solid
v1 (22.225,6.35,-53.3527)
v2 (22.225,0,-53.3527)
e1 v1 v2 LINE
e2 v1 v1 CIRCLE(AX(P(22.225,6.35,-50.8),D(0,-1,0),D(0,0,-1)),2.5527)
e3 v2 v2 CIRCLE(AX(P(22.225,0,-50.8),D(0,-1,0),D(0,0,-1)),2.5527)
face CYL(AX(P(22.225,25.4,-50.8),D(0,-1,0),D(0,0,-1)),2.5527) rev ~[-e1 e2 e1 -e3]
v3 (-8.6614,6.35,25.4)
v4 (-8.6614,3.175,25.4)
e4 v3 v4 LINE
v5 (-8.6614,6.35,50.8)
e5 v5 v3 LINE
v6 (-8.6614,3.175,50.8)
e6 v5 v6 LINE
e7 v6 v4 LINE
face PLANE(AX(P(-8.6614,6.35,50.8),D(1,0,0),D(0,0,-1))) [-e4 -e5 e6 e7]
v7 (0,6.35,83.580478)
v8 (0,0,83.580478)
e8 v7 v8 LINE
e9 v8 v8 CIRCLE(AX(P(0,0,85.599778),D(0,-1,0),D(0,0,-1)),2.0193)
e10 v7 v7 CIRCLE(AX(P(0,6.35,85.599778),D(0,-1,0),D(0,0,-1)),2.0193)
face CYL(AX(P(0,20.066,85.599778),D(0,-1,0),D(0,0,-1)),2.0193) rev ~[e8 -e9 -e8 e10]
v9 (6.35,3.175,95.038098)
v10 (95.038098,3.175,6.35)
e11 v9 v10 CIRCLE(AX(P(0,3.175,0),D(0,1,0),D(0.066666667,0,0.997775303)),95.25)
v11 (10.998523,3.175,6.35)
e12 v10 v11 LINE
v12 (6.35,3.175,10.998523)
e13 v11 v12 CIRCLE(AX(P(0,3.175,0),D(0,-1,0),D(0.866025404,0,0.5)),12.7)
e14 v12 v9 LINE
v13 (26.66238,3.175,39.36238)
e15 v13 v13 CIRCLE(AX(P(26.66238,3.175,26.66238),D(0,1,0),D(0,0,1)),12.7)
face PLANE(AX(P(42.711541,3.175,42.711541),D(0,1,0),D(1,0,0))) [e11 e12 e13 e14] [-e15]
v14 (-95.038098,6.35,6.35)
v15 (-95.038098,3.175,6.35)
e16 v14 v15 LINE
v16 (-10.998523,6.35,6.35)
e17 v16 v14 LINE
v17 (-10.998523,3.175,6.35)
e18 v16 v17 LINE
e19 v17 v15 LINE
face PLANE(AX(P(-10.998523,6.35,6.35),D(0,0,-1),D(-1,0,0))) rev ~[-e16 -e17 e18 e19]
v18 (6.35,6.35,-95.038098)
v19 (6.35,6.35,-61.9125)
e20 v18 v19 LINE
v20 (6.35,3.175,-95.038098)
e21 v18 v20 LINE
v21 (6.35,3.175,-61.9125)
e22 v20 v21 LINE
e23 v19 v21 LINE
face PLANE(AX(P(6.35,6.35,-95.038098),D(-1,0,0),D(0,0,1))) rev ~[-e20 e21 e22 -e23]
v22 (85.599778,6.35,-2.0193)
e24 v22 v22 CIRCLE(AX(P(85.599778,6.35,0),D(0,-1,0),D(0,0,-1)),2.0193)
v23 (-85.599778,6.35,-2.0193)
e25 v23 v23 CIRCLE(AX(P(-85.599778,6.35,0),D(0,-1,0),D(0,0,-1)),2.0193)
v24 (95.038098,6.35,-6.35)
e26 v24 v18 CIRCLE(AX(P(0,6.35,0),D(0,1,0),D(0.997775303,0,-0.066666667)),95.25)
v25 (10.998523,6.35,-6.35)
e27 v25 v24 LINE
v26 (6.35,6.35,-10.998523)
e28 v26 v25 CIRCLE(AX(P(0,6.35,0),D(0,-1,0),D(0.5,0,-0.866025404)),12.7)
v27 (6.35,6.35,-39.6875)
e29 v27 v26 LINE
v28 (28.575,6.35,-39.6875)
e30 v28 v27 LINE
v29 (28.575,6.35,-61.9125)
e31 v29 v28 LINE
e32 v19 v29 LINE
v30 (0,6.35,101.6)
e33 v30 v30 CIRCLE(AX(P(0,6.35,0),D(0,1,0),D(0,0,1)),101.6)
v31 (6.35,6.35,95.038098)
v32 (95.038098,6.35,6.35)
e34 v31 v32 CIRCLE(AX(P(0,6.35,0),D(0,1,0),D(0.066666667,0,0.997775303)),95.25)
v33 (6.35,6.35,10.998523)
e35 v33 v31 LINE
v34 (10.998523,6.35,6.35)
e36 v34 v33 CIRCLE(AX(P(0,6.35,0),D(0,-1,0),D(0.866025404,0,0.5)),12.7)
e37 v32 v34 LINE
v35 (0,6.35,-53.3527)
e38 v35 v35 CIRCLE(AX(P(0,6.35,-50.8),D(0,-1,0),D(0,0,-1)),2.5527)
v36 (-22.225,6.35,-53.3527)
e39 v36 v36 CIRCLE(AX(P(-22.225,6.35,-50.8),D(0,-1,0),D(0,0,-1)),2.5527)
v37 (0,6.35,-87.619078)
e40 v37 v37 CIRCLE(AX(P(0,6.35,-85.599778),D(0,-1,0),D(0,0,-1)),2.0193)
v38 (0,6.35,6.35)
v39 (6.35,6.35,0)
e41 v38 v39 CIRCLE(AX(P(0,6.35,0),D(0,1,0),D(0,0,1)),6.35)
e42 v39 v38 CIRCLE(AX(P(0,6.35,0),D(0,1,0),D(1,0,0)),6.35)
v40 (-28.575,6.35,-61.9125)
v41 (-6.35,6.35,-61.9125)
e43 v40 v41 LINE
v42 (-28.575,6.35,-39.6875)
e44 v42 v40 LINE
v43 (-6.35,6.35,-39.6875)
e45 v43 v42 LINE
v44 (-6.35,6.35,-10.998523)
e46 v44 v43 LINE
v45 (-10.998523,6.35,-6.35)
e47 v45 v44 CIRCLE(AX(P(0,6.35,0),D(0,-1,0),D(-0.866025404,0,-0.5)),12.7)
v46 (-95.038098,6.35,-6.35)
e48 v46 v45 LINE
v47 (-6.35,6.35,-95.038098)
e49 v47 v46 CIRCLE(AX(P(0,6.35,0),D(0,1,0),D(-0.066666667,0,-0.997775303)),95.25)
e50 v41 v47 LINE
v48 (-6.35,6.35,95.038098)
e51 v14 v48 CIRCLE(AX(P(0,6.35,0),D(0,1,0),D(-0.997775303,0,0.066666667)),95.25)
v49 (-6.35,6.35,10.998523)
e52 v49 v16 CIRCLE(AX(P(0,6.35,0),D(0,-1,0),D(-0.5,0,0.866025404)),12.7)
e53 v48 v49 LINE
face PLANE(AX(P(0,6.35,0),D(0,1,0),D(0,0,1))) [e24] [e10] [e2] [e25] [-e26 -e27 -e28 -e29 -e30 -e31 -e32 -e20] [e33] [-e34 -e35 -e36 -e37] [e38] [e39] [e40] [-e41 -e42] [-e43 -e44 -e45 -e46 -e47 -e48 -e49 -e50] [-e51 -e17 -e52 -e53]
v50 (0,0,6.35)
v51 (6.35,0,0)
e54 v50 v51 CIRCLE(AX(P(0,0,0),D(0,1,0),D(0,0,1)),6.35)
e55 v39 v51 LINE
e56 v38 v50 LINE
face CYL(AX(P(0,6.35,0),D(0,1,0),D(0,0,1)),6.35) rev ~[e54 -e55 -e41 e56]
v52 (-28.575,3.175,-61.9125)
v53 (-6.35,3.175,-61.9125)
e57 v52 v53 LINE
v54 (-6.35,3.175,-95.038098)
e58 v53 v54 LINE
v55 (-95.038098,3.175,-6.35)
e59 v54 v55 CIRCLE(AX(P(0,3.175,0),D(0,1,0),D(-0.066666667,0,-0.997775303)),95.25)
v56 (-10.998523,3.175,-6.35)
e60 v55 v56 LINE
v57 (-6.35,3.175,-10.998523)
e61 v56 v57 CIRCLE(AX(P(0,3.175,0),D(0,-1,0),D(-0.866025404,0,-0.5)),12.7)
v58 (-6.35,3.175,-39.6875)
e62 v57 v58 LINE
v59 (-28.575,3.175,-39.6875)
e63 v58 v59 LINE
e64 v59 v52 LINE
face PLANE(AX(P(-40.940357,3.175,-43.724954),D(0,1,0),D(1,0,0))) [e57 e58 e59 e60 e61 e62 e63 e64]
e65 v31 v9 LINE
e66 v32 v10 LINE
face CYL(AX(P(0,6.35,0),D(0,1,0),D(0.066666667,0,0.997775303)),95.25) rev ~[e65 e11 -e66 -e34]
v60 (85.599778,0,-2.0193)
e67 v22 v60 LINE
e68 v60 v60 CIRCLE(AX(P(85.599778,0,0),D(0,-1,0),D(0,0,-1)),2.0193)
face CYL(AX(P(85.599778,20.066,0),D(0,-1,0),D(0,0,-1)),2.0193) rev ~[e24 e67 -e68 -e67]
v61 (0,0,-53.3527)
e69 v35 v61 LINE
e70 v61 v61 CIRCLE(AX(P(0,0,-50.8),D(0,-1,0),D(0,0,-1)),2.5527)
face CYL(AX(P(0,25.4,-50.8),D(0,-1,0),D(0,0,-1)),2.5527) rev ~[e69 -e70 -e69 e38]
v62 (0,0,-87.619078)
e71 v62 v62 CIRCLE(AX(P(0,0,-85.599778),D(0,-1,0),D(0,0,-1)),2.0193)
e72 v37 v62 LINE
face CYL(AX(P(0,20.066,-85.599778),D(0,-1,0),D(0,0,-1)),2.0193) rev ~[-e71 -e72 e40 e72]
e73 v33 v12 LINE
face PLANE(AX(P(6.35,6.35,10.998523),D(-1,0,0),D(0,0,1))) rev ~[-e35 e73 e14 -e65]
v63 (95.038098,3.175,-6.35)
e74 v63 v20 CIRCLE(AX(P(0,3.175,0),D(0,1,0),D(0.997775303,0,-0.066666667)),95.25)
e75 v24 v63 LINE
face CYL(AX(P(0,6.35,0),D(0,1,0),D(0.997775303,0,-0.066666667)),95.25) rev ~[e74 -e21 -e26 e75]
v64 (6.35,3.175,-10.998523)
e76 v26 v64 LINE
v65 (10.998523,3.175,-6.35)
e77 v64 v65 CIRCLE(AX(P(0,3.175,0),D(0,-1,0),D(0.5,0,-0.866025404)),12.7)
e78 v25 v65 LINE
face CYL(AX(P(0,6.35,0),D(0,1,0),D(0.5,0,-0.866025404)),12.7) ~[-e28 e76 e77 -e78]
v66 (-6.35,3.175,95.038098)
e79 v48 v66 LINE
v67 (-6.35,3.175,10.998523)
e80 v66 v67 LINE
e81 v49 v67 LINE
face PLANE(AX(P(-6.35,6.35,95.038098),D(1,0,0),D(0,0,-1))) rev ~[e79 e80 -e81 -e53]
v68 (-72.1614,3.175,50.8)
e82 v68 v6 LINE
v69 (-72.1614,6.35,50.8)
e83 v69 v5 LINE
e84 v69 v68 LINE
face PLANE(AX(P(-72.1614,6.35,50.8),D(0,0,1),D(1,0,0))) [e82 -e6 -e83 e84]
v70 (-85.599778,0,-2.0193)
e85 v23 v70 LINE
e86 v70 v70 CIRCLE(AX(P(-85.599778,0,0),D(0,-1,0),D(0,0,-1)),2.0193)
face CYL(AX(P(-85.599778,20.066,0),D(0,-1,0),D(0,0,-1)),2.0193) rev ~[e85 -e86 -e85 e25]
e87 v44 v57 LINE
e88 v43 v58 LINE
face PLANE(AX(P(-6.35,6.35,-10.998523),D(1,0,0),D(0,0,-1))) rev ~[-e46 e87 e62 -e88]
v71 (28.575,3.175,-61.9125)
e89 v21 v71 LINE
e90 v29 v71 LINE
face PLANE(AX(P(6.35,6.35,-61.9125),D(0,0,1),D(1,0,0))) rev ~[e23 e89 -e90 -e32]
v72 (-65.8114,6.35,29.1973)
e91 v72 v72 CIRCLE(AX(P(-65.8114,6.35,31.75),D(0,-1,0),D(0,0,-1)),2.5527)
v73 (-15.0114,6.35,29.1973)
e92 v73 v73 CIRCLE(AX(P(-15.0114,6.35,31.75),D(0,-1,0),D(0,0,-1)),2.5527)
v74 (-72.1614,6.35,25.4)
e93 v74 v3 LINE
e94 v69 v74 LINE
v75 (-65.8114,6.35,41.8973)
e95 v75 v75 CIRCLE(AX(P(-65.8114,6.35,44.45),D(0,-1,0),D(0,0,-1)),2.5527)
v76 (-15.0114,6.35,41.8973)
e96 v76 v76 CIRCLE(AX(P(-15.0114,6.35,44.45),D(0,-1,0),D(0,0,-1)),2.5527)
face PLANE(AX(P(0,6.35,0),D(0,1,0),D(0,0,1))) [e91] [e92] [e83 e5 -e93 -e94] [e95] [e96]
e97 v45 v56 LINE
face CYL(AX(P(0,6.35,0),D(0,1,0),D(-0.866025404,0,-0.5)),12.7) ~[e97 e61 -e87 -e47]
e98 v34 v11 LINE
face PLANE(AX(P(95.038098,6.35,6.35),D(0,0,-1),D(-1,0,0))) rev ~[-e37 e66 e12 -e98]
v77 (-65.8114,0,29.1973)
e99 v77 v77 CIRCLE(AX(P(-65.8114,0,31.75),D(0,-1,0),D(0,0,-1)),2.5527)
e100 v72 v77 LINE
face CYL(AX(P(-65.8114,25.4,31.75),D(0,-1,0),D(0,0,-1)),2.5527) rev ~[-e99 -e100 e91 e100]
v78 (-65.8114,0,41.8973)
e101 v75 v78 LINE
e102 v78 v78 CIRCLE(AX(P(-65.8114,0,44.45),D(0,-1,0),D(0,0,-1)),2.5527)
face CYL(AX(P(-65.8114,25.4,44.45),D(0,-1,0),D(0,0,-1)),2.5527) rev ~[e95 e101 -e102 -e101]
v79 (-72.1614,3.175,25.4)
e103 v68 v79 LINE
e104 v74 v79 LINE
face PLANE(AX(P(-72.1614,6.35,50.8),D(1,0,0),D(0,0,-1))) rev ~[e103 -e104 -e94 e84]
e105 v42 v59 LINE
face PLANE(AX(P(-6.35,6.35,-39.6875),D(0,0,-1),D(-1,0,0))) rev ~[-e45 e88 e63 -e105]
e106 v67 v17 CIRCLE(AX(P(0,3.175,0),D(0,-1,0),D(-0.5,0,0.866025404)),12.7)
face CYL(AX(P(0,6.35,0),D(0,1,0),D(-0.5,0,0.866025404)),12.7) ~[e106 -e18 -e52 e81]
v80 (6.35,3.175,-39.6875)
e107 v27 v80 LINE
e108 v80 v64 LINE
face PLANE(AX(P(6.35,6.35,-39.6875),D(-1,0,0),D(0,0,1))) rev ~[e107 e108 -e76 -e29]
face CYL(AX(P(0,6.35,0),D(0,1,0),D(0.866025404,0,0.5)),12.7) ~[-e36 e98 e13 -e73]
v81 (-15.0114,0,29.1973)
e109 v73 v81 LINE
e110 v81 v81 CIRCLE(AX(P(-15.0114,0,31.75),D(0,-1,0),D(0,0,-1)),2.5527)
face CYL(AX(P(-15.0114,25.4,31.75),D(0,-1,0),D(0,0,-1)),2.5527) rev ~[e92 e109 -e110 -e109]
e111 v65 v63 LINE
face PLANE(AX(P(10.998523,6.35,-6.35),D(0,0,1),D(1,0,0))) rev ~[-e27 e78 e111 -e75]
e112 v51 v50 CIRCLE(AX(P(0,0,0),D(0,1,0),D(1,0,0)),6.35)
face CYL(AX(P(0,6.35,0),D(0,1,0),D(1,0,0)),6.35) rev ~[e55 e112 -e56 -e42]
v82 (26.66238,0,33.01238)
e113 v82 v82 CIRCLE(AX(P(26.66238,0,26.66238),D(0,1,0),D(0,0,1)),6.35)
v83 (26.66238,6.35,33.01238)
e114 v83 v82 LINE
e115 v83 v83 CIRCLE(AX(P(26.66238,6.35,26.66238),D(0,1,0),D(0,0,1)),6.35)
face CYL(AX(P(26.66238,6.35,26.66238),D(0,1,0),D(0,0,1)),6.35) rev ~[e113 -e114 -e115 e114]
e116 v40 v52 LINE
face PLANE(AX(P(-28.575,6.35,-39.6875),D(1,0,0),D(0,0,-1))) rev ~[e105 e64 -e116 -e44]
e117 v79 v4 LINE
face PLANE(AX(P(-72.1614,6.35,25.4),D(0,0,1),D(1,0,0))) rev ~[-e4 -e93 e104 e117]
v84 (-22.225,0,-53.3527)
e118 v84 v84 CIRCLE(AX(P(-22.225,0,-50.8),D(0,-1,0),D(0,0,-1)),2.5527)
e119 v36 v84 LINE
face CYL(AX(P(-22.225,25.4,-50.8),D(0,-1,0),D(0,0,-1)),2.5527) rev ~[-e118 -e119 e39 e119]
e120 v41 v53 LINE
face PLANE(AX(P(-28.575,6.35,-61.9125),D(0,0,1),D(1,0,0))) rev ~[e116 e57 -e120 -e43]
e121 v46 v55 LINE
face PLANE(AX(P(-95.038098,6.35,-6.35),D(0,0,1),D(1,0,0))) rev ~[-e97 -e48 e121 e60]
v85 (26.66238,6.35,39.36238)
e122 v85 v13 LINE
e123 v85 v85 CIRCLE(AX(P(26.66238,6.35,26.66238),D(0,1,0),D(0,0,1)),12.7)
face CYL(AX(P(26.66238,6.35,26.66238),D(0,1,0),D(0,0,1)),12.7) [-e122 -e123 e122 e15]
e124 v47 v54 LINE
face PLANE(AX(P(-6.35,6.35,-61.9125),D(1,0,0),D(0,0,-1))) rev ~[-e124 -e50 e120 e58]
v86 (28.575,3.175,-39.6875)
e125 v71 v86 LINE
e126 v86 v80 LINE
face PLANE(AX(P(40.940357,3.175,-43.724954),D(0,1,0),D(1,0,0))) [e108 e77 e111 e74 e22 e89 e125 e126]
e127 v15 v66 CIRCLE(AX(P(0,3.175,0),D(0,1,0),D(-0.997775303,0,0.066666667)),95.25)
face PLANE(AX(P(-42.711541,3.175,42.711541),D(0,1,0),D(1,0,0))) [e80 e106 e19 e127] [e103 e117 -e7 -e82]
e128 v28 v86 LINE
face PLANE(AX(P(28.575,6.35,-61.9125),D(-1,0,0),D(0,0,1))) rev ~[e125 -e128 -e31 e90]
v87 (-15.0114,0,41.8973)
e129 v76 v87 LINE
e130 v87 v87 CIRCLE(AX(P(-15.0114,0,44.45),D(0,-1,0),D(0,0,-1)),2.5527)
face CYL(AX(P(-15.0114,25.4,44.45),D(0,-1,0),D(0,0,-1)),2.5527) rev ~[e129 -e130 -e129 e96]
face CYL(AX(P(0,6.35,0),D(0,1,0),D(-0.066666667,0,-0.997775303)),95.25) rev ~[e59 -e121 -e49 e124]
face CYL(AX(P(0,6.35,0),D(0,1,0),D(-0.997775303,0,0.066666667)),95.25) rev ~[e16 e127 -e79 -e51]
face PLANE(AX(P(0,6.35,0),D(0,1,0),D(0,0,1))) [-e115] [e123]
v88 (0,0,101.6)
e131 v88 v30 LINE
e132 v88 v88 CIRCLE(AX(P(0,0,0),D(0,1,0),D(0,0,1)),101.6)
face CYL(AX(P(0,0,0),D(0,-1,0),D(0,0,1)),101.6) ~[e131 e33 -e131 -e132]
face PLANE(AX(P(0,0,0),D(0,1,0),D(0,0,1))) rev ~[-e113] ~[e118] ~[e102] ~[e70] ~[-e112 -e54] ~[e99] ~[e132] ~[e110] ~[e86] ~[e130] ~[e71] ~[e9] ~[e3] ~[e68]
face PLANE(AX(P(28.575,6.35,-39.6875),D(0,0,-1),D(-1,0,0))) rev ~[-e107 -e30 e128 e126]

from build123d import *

# Parameters (mm, degrees)
SKETCH3_R                   = 101.6
BOSS_EXTRUDE1_DEPTH         = 6.35
SKETCH4_R                   = 6.35
CUT_EXTRUDE1_DEPTH          = 144.824345992
F_10_32_TAPPED_HOLE1_D      = 4.0386
F_10_32_TAPPED_HOLE1_DEPTH  = 13.716
F_10_32_TAPPED_HOLE1_TIP    = 1.213317848
SKETCH6_W                   = 63.5
SKETCH6_H                   = 25.4
SKETCH6_R                   = 12.7
CUT_EXTRUDE2_DEPTH          = 3.175
F_1_4_20_TAPPED_HOLE2_D     = 5.1054
F_1_4_20_TAPPED_HOLE2_DEPTH = 19.05
F_1_4_20_TAPPED_HOLE2_TIP   = 1.533816902
F_1_4_20_TAPPED_HOLE4_D     = 5.1054
F_1_4_20_TAPPED_HOLE4_DEPTH = 19.05
F_1_4_20_TAPPED_HOLE4_TIP   = 1.533816902


with BuildPart() as part:
    # Sketch3 → Boss-Extrude1 (new body)
    with BuildSketch(Plane(origin=(0, 0, 0), x_dir=(1, 0, 0), z_dir=(0, 1, 0))):
        with Locations(Location((0, 0, 0), (0, 0, 270))):
            Circle(SKETCH3_R)
    extrude(amount=BOSS_EXTRUDE1_DEPTH)

    # Sketch4 → Cut-Extrude1 (cut, through all)
    with BuildSketch(Plane(origin=(0, 6.35, 0), x_dir=(1, 0, 0), z_dir=(0, 1, 0))):
        with BuildLine():
            ThreePointArc((0, -6.35), (4.490128061, -4.490128061), (6.35, 0))
            Line((6.35, 0), (0, 0))
            Line((0, 0), (0, -6.35))
        make_face()
        with BuildLine():
            Line((0, 0), (6.35, 0))
            ThreePointArc((6.35, 0), (-4.490128061, 4.490128061), (0, -6.35))
            Line((0, -6.35), (0, 0))
        make_face()
        with Locations(Location((26.662380423, -26.662380423, 0), (0, 0, 270))):
            Circle(SKETCH4_R)
    extrude(amount=-CUT_EXTRUDE1_DEPTH, mode=Mode.SUBTRACT)

    # #10-32 Tapped Hole1
    with Locations(Plane(origin=(0, 6.35, -85.599778), x_dir=(0, 0, 1), z_dir=(0, 1, 0))):
        with Locations((0, 0), (85.599778, -85.599778), (171.199556, 0), (85.599778, 85.599778)):
            Hole(F_10_32_TAPPED_HOLE1_D / 2, depth=F_10_32_TAPPED_HOLE1_DEPTH)
            with Locations((0, 0, -(F_10_32_TAPPED_HOLE1_DEPTH + F_10_32_TAPPED_HOLE1_TIP / 2))):  # 118° drill point
                Cone(0, F_10_32_TAPPED_HOLE1_D / 2, F_10_32_TAPPED_HOLE1_TIP, mode=Mode.SUBTRACT)

    # Sketch6 → Cut-Extrude2 (cut)
    # profile 1 of 4: a face of its own
    with BuildSketch(Plane(origin=(0, 6.35, 0), x_dir=(1, 0, 0), z_dir=(0, 1, 0))):
        with BuildLine():
            Line((-28.575, 61.9125), (-6.35, 61.9125))
            Line((-6.35, 61.9125), (-6.35, 95.038097624))
            ThreePointArc((-6.35, 95.038097624), (-67.351920908, 67.351920908), (-95.038097624, 6.35))
            Line((-95.038097624, 6.35), (-10.998522628, 6.35))
            ThreePointArc((-10.998522628, 6.35), (-8.980256121, 8.980256121), (-6.35, 10.998522628))
            Line((-6.35, 10.998522628), (-6.35, 39.6875))
            Line((-6.35, 39.6875), (-28.575, 39.6875))
            Line((-28.575, 39.6875), (-28.575, 61.9125))
        make_face()
    # profile 2 of 4: a face of its own
    with BuildSketch(Plane(origin=(0, 6.35, 0), x_dir=(1, 0, 0), z_dir=(0, 1, 0))):
        with BuildLine():
            Line((6.35, 95.038097624), (6.35, 61.9125))
            Line((6.35, 61.9125), (28.575, 61.9125))
            Line((28.575, 61.9125), (28.575, 39.6875))
            Line((28.575, 39.6875), (6.35, 39.6875))
            Line((6.35, 39.6875), (6.35, 10.998522628))
            ThreePointArc((6.35, 10.998522628), (8.980256121, 8.980256121), (10.998522628, 6.35))
            Line((10.998522628, 6.35), (95.038097624, 6.35))
            ThreePointArc((95.038097624, 6.35), (67.351920908, 67.351920908), (6.35, 95.038097624))
        make_face()
    # profile 3 of 4: a face of its own
    with BuildSketch(Plane(origin=(0, 6.35, 0), x_dir=(1, 0, 0), z_dir=(0, 1, 0))):
        with BuildLine():
            ThreePointArc((-6.35, -10.998522628), (-8.980256121, -8.980256121), (-10.998522628, -6.35))
            Line((-10.998522628, -6.35), (-95.038097624, -6.35))
            ThreePointArc((-95.038097624, -6.35), (-67.351920908, -67.351920908), (-6.35, -95.038097624))
            Line((-6.35, -95.038097624), (-6.35, -10.998522628))
        make_face()
        with Locations((-40.4114, -38.1)):
            Rectangle(SKETCH6_W, SKETCH6_H, mode=Mode.SUBTRACT)
    # profile 4 of 4: a face of its own
    with BuildSketch(Plane(origin=(0, 6.35, 0), x_dir=(1, 0, 0), z_dir=(0, 1, 0))):
        with BuildLine():
            Line((95.038097624, -6.35), (10.998522628, -6.35))
            ThreePointArc((10.998522628, -6.35), (8.980256121, -8.980256121), (6.35, -10.998522628))
            Line((6.35, -10.998522628), (6.35, -95.038097624))
            ThreePointArc((6.35, -95.038097624), (67.351920908, -67.351920908), (95.038097624, -6.35))
        make_face()
        with Locations(Location((26.662380423, -26.662380423, 0), (0, 0, 270))):
            Circle(SKETCH6_R, mode=Mode.SUBTRACT)
    extrude(amount=-CUT_EXTRUDE2_DEPTH, mode=Mode.SUBTRACT)

    # 1/4-20 Tapped Hole2
    with Locations(Plane(origin=(-22.225, 6.35, -50.8), x_dir=(0, 0, 1), z_dir=(0, 1, 0))):
        with Locations((0, 0), (0, 44.45), (0, 22.225)):
            Hole(F_1_4_20_TAPPED_HOLE2_D / 2, depth=F_1_4_20_TAPPED_HOLE2_DEPTH)
            with Locations((0, 0, -(F_1_4_20_TAPPED_HOLE2_DEPTH + F_1_4_20_TAPPED_HOLE2_TIP / 2))):  # 118° drill point
                Cone(0, F_1_4_20_TAPPED_HOLE2_D / 2, F_1_4_20_TAPPED_HOLE2_TIP, mode=Mode.SUBTRACT)

    # 1/4-20 Tapped Hole4
    with Locations(Plane(origin=(-65.8114, 6.35, 31.75), x_dir=(0, 0, 1), z_dir=(0, 1, 0))):
        with Locations((0, 0), (12.7, 0), (12.7, 50.8), (0, 50.8)):
            Hole(F_1_4_20_TAPPED_HOLE4_D / 2, depth=F_1_4_20_TAPPED_HOLE4_DEPTH)
            with Locations((0, 0, -(F_1_4_20_TAPPED_HOLE4_DEPTH + F_1_4_20_TAPPED_HOLE4_TIP / 2))):  # 118° drill point
                Cone(0, F_1_4_20_TAPPED_HOLE4_D / 2, F_1_4_20_TAPPED_HOLE4_TIP, mode=Mode.SUBTRACT)


solid = part.part
